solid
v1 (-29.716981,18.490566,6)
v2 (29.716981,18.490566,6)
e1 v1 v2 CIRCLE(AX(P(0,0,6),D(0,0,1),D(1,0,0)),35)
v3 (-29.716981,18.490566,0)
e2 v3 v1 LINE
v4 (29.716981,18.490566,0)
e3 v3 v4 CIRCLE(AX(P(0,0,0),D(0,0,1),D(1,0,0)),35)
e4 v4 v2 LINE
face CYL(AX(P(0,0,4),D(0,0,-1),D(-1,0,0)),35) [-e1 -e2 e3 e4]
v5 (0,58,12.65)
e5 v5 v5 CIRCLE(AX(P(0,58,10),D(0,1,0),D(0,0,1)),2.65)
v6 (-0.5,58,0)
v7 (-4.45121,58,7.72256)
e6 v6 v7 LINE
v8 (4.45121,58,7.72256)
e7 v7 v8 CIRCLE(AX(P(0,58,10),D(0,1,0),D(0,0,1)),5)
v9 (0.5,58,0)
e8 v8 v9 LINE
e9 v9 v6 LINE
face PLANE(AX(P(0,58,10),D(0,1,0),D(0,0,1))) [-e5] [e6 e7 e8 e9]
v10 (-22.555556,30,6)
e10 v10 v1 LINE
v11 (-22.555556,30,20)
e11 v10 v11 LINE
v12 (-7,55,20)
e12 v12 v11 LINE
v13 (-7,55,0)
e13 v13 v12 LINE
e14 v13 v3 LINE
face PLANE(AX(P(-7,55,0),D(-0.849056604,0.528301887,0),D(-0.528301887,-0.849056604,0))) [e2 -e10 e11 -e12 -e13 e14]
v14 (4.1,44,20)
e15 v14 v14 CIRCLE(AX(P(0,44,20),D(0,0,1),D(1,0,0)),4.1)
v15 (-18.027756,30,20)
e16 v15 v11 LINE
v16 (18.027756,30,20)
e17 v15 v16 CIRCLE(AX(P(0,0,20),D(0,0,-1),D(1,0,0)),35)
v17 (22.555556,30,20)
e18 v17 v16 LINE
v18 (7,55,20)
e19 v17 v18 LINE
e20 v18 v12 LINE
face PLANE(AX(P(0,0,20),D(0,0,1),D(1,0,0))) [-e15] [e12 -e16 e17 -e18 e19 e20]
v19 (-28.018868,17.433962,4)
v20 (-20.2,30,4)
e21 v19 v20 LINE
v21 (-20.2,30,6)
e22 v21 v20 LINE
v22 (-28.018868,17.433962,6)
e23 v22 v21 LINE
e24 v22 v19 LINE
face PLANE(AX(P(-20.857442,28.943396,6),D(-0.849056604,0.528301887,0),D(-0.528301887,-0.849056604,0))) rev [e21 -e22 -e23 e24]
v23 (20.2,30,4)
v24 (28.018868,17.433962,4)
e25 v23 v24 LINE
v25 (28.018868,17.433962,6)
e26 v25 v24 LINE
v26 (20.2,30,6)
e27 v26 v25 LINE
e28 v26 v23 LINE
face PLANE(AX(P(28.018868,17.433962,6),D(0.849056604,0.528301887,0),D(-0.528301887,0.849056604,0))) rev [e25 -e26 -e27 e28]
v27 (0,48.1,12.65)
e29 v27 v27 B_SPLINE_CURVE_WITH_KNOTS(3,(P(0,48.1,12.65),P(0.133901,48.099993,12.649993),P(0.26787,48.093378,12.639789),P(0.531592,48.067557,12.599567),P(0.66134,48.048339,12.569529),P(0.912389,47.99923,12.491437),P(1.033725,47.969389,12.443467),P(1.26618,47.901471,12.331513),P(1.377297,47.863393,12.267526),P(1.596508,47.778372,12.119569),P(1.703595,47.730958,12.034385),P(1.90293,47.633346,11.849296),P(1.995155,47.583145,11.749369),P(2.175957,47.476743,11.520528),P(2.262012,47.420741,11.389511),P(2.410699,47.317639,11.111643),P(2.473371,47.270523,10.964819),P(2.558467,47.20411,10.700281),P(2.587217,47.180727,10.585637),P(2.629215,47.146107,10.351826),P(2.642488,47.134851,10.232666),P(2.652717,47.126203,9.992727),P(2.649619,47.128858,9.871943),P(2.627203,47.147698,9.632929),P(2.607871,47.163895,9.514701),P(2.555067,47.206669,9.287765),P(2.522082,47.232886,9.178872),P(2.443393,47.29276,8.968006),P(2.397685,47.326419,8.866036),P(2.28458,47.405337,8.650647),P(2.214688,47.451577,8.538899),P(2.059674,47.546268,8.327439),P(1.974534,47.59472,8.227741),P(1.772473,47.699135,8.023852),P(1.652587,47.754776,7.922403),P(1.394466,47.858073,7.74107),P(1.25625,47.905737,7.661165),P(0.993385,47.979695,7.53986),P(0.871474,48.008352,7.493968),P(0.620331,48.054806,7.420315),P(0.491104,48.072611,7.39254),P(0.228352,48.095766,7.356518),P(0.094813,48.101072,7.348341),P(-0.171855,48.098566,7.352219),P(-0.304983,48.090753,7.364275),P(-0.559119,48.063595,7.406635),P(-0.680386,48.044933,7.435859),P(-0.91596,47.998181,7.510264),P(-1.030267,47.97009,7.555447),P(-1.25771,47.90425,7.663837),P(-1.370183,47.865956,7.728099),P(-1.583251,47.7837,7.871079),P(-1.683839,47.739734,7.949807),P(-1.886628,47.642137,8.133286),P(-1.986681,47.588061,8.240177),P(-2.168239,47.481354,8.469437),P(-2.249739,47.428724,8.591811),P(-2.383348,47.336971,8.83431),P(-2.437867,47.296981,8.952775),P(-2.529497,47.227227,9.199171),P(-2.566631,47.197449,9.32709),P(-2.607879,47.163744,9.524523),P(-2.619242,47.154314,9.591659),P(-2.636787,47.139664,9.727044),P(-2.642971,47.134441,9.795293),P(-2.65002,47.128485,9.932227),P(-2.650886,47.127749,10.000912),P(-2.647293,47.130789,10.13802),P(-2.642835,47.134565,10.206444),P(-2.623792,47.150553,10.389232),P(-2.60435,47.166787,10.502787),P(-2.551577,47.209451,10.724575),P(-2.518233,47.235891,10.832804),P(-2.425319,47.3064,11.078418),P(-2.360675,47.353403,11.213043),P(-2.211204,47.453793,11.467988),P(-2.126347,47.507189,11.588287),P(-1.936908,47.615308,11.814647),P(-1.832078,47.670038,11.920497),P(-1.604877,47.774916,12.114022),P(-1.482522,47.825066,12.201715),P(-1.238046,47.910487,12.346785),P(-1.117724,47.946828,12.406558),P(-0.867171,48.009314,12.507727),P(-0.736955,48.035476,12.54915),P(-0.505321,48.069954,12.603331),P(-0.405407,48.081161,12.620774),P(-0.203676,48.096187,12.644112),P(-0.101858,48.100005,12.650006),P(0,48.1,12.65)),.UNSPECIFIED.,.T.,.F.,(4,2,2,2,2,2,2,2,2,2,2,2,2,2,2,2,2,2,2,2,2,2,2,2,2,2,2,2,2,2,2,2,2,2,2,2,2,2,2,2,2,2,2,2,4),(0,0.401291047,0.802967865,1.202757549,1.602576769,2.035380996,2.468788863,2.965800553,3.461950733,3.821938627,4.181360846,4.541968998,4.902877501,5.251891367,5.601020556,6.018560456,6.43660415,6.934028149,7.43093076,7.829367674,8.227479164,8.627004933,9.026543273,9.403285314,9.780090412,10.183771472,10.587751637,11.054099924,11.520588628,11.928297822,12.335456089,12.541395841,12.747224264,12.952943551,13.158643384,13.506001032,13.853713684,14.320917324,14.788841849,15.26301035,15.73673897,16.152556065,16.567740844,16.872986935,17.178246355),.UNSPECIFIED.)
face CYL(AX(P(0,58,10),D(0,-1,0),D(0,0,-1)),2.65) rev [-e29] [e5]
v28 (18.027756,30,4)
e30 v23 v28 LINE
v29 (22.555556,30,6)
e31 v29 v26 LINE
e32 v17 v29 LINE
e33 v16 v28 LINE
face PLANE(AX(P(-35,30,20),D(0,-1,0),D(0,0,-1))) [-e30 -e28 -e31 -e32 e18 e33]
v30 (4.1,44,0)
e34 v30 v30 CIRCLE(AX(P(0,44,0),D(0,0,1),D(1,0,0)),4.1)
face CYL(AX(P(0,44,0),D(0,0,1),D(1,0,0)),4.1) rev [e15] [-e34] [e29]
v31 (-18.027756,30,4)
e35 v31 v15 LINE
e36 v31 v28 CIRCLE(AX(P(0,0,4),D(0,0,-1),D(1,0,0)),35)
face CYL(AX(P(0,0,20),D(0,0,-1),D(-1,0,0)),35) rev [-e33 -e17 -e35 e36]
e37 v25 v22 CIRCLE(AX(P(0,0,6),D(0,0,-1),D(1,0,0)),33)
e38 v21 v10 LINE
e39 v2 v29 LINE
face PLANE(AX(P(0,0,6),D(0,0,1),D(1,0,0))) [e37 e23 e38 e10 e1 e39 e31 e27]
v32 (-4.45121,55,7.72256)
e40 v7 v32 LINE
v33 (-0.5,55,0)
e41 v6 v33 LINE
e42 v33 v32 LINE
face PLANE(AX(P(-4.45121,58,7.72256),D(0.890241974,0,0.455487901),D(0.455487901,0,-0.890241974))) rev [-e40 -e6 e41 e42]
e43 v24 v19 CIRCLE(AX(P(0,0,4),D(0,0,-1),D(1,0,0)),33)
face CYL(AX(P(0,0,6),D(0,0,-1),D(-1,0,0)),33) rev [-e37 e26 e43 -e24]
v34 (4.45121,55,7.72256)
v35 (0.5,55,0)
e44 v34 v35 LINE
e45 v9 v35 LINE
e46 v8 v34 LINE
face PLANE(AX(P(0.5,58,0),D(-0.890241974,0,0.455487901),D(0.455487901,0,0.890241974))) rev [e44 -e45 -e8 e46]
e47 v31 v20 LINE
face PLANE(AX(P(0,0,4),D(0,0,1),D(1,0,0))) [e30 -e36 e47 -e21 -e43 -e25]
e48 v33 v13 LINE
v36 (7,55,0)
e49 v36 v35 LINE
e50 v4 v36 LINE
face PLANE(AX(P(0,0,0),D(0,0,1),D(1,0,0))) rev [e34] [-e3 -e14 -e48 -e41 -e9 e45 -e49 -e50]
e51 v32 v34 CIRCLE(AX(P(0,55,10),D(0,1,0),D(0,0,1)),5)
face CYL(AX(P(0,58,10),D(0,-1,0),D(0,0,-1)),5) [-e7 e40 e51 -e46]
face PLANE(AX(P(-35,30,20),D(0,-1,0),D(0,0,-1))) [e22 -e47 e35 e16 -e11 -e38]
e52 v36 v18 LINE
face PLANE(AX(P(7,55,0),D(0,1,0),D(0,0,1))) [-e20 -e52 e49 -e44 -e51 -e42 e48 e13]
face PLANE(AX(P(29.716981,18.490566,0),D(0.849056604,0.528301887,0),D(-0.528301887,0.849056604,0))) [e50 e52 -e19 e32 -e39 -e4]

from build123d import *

# Parameters (mm, degrees)
CROQUIS1_R              = 35
SALIENTE_EXTRUIR1_DEPTH = 4
SALIENTE_EXTRUIR2_START = -4
CROQUIS2_R              = 4.1
SALIENTE_EXTRUIR2_DEPTH = 4
CROQUIS4_R              = 4.1
SALIENTE_EXTRUIR5_DEPTH = 16
CROQUIS7_W              = 70
CROQUIS7_H              = 60
CORTAR_EXTRUIR2_DEPTH   = 68.126745787
SALIENTE_EXTRUIR6_DEPTH = 2
CROQUIS12_R             = 2.65
SALIENTE_EXTRUIR8_DEPTH = 3
CORTAR_EXTRUIR5_START   = -16
CROQUIS13_R             = 2.65
CORTAR_EXTRUIR5_DEPTH   = 16


with BuildPart() as part:
    # Croquis1 → Saliente-Extruir1 (new body)
    with BuildSketch(Plane.XY):
        Circle(CROQUIS1_R)
    extrude(amount=SALIENTE_EXTRUIR1_DEPTH)

    # Croquis2 → Saliente-Extruir2 (add)
    with BuildSketch(Plane.XY.offset(4).offset(SALIENTE_EXTRUIR2_START)):
        with BuildLine():
            Line((29.716981132, 18.490566038), (7, 55))
            Line((7, 55), (-7, 55))
            Line((-7, 55), (-29.716981132, 18.490566038))
            ThreePointArc((-29.716981132, 18.490566038), (0, 35), (29.716981132, 18.490566038))
        make_face()
        with Locations((0, 44)):
            Circle(CROQUIS2_R, mode=Mode.SUBTRACT)
    extrude(amount=SALIENTE_EXTRUIR2_DEPTH)

    # Croquis4 → Saliente-Extruir5 (add)
    with BuildSketch(Plane.XY.offset(4)):
        with BuildLine():
            Line((29.716981132, 18.490566038), (7, 55))
            Line((7, 55), (-7, 55))
            Line((-7, 55), (-29.716981132, 18.490566038))
            ThreePointArc((-29.716981132, 18.490566038), (0, 35), (29.716981132, 18.490566038))
        make_face()
        with Locations((0, 44)):
            Circle(CROQUIS4_R, mode=Mode.SUBTRACT)
    extrude(amount=SALIENTE_EXTRUIR5_DEPTH)

    # Croquis7 → Cortar-Extruir2 (cut, through all)
    with BuildSketch(Plane.XY.offset(4)):
        Rectangle(CROQUIS7_W, CROQUIS7_H)
    extrude(amount=CORTAR_EXTRUIR2_DEPTH, mode=Mode.SUBTRACT)

    # Croquis8 → Saliente-Extruir6 (add)
    with BuildSketch(Plane.XY.offset(4)):
        with BuildLine():
            Line((-20.857442348, 28.943396226), (-28.018867925, 17.433962264))
            ThreePointArc((-28.018867925, 17.433962264), (0, -33), (28.018867925, 17.433962264))
            Line((28.018867925, 17.433962264), (20.857442348, 28.943396226))
            Line((20.857442348, 28.943396226), (20.2, 30))
            Line((20.2, 30), (22.555555556, 30))
            Line((22.555555556, 30), (29.716981132, 18.490566038))
            ThreePointArc((29.716981132, 18.490566038), (0, -35), (-29.716981132, 18.490566038))
            Line((-29.716981132, 18.490566038), (-22.555555556, 30))
            Line((-22.555555556, 30), (-20.2, 30))
            Line((-20.2, 30), (-20.857442348, 28.943396226))
        make_face()
    extrude(amount=SALIENTE_EXTRUIR6_DEPTH)

    # Croquis12 → Saliente-Extruir8 (add)
    with BuildSketch(Plane(origin=(0, 55, 0), x_dir=(1, 0, 0), z_dir=(0, 1, 0))):
        with BuildLine():
            Line((-4.451209869, -7.722560493), (-0.5, 0))
            Line((-0.5, 0), (0.5, 0))
            Line((0.5, 0), (4.451209869, -7.722560493))
            ThreePointArc((4.451209869, -7.722560493), (0, -15), (-4.451209869, -7.722560493))
        make_face()
        with Locations(Location((0, -10, 0), (0, 0, 270))):
            Circle(CROQUIS12_R, mode=Mode.SUBTRACT)
    extrude(amount=SALIENTE_EXTRUIR8_DEPTH)

    # Croquis13 → Cortar-Extruir5 (cut)
    with BuildSketch(Plane(origin=(0, 58, 0), x_dir=(1, 0, 0), z_dir=(0, 1, 0)).offset(CORTAR_EXTRUIR5_START)):
        with Locations(Location((0, -10, 0), (0, 0, 270))):
            Circle(CROQUIS13_R)
    extrude(amount=CORTAR_EXTRUIR5_DEPTH, mode=Mode.SUBTRACT)


solid = part.part
